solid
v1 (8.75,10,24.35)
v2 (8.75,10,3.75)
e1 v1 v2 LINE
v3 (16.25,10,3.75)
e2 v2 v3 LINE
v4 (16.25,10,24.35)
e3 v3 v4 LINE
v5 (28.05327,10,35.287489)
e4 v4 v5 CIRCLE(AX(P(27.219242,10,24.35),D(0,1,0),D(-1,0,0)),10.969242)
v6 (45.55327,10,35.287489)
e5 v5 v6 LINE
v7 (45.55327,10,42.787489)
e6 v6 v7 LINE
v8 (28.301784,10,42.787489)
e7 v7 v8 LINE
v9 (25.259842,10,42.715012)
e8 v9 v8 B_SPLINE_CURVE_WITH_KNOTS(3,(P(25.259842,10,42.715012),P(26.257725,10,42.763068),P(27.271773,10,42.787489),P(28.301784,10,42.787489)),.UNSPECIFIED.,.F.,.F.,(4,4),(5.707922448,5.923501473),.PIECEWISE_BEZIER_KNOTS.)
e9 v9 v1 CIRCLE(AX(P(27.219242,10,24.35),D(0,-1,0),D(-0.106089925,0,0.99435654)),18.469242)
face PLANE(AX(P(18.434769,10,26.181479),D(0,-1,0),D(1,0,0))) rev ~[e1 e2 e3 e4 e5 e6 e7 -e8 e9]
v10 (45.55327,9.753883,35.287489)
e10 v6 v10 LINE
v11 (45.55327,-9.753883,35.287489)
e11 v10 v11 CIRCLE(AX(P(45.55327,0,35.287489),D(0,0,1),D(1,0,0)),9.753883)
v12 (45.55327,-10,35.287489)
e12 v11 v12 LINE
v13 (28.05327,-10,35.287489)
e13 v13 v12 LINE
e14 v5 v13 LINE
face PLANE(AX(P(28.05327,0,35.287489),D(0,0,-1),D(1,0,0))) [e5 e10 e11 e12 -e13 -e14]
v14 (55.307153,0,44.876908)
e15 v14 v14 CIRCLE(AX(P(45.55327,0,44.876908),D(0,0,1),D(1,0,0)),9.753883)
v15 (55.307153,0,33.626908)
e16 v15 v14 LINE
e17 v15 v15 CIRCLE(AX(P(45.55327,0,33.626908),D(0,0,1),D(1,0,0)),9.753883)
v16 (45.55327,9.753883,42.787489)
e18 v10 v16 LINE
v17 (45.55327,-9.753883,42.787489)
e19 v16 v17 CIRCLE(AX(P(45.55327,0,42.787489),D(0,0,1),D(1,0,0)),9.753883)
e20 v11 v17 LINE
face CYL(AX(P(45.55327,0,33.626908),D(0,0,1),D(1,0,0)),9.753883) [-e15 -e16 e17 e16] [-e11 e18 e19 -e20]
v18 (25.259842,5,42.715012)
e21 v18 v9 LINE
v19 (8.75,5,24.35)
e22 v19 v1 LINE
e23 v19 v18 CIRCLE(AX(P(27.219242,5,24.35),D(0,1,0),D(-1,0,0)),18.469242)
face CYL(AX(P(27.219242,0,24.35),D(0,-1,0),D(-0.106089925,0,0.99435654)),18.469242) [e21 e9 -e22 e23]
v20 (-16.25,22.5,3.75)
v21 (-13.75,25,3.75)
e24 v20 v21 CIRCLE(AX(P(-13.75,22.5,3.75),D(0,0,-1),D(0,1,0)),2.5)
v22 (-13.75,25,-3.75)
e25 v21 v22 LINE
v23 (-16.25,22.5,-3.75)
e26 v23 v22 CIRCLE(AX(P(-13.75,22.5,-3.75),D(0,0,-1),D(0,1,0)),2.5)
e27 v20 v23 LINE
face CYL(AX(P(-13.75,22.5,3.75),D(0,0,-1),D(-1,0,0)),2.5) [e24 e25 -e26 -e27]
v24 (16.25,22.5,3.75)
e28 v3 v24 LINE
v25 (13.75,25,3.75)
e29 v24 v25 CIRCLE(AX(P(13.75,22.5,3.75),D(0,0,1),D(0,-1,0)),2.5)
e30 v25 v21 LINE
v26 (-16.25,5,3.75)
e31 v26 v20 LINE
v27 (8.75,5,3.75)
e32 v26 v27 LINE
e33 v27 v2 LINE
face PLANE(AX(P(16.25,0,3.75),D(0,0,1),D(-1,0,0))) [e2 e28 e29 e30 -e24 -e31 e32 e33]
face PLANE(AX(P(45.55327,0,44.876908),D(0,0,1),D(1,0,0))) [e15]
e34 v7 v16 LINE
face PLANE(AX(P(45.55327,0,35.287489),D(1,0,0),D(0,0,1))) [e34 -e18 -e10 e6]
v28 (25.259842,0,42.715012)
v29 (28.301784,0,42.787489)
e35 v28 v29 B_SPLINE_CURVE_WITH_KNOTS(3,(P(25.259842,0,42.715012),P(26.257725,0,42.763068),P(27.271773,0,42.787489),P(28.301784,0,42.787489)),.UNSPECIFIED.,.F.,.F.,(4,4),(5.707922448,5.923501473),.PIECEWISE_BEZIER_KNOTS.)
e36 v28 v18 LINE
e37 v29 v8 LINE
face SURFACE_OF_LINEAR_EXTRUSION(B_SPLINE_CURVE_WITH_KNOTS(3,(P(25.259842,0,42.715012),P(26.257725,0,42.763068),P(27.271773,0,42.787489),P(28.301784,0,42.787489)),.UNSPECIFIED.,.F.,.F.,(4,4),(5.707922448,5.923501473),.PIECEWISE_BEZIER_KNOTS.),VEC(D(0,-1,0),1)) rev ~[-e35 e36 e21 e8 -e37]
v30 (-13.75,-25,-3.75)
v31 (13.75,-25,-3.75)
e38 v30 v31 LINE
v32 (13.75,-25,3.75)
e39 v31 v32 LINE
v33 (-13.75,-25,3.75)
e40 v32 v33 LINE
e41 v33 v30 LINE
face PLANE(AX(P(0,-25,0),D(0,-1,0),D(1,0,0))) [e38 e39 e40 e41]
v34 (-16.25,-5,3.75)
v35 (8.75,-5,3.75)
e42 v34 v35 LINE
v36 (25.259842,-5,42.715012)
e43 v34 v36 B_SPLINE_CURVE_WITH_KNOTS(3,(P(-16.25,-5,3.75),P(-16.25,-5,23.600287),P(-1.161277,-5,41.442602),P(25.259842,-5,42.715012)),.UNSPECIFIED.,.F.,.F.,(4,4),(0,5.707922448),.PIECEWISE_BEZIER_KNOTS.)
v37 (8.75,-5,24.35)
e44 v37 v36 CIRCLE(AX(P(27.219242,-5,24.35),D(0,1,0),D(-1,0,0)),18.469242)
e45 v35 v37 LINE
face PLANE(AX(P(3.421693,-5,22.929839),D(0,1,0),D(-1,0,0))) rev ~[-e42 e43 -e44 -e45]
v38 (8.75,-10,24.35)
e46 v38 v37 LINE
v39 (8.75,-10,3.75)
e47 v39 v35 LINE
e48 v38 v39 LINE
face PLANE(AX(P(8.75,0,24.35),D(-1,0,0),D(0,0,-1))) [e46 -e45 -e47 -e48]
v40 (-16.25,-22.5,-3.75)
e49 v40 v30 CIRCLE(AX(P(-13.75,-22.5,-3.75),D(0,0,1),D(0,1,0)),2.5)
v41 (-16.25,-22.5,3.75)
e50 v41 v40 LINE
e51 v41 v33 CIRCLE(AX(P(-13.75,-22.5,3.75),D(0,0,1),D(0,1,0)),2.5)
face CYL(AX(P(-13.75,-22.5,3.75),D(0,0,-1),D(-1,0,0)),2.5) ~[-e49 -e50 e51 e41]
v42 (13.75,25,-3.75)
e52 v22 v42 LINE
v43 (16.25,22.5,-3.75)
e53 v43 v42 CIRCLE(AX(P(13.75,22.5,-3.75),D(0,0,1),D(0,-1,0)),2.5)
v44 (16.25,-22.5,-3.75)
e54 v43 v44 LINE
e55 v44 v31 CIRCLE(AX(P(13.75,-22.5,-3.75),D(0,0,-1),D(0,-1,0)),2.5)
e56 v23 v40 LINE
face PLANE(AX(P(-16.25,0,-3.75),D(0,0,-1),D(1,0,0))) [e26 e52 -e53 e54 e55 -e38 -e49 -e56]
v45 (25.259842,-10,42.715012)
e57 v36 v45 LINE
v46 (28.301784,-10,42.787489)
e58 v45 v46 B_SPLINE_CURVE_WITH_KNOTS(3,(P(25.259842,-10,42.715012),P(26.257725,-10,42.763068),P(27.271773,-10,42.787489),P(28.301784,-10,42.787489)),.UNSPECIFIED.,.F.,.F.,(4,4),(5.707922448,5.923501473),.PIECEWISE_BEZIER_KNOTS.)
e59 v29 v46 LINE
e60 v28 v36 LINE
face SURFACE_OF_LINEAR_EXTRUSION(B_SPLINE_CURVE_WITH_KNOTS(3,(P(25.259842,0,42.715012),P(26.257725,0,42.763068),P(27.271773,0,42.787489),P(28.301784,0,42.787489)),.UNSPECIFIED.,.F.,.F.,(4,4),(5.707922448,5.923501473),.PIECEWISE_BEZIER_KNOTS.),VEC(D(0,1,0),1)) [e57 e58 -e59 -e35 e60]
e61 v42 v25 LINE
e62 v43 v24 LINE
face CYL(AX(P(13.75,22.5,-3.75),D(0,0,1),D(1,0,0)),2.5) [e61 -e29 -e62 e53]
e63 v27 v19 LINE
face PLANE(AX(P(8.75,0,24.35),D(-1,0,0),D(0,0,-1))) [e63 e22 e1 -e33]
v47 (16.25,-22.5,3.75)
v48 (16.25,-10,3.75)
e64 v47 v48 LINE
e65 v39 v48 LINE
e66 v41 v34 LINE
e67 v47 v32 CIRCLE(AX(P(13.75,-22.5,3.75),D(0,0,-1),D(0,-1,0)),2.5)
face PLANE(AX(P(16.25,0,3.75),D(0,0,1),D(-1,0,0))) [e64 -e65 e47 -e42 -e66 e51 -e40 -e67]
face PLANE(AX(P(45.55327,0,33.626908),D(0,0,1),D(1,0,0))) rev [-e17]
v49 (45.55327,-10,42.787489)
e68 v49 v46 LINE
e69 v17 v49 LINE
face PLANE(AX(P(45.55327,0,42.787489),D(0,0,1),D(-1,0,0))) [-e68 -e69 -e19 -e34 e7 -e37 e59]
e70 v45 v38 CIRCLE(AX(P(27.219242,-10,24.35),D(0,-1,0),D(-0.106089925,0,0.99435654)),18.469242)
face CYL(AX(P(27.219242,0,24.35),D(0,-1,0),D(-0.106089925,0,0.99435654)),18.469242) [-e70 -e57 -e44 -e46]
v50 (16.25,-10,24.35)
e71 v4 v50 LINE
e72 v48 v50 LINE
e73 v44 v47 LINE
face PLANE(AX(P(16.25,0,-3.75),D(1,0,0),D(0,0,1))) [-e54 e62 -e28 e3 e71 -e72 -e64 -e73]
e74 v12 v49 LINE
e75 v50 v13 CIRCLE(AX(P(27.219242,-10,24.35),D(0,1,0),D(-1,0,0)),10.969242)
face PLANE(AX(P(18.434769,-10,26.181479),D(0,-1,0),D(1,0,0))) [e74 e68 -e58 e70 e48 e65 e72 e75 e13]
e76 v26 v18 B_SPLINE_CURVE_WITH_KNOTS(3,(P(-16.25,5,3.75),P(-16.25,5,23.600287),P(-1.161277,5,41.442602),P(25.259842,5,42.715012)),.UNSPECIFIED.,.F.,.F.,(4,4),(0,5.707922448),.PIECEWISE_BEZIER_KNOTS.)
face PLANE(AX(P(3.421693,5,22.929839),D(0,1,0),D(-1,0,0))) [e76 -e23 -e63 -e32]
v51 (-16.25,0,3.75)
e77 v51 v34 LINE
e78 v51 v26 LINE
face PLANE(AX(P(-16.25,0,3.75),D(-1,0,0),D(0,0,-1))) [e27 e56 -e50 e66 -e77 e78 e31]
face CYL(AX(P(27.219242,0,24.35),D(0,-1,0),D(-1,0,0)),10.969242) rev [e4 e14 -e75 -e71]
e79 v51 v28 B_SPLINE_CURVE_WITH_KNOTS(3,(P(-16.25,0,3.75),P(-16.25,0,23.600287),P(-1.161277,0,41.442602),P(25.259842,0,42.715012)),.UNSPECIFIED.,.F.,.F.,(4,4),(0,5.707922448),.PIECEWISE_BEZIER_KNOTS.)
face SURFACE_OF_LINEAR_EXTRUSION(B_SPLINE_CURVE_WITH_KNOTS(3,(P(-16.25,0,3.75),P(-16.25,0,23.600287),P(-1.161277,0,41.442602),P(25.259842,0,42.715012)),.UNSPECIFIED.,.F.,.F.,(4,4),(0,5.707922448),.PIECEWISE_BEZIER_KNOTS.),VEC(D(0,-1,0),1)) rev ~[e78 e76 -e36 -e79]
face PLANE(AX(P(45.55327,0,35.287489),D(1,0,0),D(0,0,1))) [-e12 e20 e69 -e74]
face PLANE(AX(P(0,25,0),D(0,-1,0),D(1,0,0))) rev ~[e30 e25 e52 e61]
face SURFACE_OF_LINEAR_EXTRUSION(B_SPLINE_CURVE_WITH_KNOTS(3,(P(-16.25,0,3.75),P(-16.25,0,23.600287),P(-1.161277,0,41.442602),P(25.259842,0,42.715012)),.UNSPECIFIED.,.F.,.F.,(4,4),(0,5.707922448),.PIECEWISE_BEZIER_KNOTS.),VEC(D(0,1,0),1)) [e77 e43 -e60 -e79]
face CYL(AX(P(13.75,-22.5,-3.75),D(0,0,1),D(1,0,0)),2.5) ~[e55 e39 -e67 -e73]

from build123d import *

# Parameters (mm, degrees)
F1_DEPTH = 2.5
F0_W     = 1.0246116972
F0_H     = 0.75
F2_DEPTH = 1
F3_DEPTH = 0.5
F5_R     = 0.25
F6_SCALE = 10


with BuildPart() as f1:
    # F0 (on Front) → F1 (new body, symmetric)
    with BuildSketch(Plane.XZ):
        Polygon((-1.625, 0.375), (-1.625, -0.375), (1.625, -0.375), (1.625, 0.375), (0.875, 0.375), align=None)
    extrude(amount=F1_DEPTH, both=True)

    # F0 (on Front) → F2 (join, symmetric)
    with BuildSketch(Plane.XZ):
        with BuildLine():
            Line((0.875, 0.375), (1.625, 0.375))
            Line((1.625, 0.375), (1.625, 2.435))
            ThreePointArc((1.625, 2.435), (1.9763518814, 3.2395897205), (2.8053269877, 3.5287489089))
            Line((2.8053269877, 3.5287489089), (3.5307152905, 3.5287489089))
            Line((3.5307152905, 3.5287489089), (3.5307152905, 4.2787489089))
            Line((3.5307152905, 4.2787489089), (2.8301783535, 4.2787489089))
            add(Edge.make_bspline(
                [(2.5259841505, 4.2715011565), (2.6257724531, 4.2763068408), (2.7271772665, 4.2787489089), (2.8301783535, 4.2787489089)],
                knots=[5.7079224482, 5.7079224482, 5.7079224482, 5.7079224482, 5.9235014734, 5.9235014734, 5.9235014734, 5.9235014734], degree=3))
            ThreePointArc((2.5259841505, 4.2715011565), (1.3484222124, 3.6697555591), (0.875, 2.435))
            Line((0.875, 2.435), (0.875, 0.375))
        make_face()
        with Locations((4.0430211391, 3.9037489089)):
            Rectangle(F0_W, F0_H)
    extrude(amount=F2_DEPTH, both=True)

    # F0 (on Front) → F3 (join, symmetric)
    with BuildSketch(Plane.XZ):
        with BuildLine():
            add(Edge.make_bspline(
                [(-1.625, 0.375), (-1.625, 2.3600286686), (-0.1161276805, 4.1442602386), (2.5259841505, 4.2715011565)],
                knots=[0, 0, 0, 0, 5.7079224482, 5.7079224482, 5.7079224482, 5.7079224482], degree=3))
            Line((-1.625, 0.375), (0.875, 0.375))
            Line((0.875, 0.375), (0.875, 2.435))
            ThreePointArc((0.875, 2.435), (1.3484222124, 3.6697555591), (2.5259841505, 4.2715011565))
        make_face()
    extrude(amount=F3_DEPTH, both=True)

    # F0 (on Front) → F4 (revolve)
    with BuildSketch(Plane.XZ):
        Polygon((4.5553269877, 4.4876907729), (4.5553269877, 4.2787489089), (4.5553269877, 3.5287489089), (4.5553269877, 3.3626907729), (5.5307152905, 3.3626907729), (5.5307152905, 4.4876907729), align=None)
    revolve(axis=Axis((4.5553269877, 0, 3.9251907729), (0, 0, 1)))

    # F5
    f5_edges = [f1.edges().sort_by_distance(p)[0] for p in [
        (1.625, -2.5, 0),
        (-1.625, -2.5, 0),
        (1.625, 2.5, 0),
        (-1.625, 2.5, 0),
    ]]
    fillet(f5_edges, radius=F5_R)


with BuildPart() as f1_1:
    # F6: moved
    add(f1.part.scale(F6_SCALE))


solid = f1_1.part
